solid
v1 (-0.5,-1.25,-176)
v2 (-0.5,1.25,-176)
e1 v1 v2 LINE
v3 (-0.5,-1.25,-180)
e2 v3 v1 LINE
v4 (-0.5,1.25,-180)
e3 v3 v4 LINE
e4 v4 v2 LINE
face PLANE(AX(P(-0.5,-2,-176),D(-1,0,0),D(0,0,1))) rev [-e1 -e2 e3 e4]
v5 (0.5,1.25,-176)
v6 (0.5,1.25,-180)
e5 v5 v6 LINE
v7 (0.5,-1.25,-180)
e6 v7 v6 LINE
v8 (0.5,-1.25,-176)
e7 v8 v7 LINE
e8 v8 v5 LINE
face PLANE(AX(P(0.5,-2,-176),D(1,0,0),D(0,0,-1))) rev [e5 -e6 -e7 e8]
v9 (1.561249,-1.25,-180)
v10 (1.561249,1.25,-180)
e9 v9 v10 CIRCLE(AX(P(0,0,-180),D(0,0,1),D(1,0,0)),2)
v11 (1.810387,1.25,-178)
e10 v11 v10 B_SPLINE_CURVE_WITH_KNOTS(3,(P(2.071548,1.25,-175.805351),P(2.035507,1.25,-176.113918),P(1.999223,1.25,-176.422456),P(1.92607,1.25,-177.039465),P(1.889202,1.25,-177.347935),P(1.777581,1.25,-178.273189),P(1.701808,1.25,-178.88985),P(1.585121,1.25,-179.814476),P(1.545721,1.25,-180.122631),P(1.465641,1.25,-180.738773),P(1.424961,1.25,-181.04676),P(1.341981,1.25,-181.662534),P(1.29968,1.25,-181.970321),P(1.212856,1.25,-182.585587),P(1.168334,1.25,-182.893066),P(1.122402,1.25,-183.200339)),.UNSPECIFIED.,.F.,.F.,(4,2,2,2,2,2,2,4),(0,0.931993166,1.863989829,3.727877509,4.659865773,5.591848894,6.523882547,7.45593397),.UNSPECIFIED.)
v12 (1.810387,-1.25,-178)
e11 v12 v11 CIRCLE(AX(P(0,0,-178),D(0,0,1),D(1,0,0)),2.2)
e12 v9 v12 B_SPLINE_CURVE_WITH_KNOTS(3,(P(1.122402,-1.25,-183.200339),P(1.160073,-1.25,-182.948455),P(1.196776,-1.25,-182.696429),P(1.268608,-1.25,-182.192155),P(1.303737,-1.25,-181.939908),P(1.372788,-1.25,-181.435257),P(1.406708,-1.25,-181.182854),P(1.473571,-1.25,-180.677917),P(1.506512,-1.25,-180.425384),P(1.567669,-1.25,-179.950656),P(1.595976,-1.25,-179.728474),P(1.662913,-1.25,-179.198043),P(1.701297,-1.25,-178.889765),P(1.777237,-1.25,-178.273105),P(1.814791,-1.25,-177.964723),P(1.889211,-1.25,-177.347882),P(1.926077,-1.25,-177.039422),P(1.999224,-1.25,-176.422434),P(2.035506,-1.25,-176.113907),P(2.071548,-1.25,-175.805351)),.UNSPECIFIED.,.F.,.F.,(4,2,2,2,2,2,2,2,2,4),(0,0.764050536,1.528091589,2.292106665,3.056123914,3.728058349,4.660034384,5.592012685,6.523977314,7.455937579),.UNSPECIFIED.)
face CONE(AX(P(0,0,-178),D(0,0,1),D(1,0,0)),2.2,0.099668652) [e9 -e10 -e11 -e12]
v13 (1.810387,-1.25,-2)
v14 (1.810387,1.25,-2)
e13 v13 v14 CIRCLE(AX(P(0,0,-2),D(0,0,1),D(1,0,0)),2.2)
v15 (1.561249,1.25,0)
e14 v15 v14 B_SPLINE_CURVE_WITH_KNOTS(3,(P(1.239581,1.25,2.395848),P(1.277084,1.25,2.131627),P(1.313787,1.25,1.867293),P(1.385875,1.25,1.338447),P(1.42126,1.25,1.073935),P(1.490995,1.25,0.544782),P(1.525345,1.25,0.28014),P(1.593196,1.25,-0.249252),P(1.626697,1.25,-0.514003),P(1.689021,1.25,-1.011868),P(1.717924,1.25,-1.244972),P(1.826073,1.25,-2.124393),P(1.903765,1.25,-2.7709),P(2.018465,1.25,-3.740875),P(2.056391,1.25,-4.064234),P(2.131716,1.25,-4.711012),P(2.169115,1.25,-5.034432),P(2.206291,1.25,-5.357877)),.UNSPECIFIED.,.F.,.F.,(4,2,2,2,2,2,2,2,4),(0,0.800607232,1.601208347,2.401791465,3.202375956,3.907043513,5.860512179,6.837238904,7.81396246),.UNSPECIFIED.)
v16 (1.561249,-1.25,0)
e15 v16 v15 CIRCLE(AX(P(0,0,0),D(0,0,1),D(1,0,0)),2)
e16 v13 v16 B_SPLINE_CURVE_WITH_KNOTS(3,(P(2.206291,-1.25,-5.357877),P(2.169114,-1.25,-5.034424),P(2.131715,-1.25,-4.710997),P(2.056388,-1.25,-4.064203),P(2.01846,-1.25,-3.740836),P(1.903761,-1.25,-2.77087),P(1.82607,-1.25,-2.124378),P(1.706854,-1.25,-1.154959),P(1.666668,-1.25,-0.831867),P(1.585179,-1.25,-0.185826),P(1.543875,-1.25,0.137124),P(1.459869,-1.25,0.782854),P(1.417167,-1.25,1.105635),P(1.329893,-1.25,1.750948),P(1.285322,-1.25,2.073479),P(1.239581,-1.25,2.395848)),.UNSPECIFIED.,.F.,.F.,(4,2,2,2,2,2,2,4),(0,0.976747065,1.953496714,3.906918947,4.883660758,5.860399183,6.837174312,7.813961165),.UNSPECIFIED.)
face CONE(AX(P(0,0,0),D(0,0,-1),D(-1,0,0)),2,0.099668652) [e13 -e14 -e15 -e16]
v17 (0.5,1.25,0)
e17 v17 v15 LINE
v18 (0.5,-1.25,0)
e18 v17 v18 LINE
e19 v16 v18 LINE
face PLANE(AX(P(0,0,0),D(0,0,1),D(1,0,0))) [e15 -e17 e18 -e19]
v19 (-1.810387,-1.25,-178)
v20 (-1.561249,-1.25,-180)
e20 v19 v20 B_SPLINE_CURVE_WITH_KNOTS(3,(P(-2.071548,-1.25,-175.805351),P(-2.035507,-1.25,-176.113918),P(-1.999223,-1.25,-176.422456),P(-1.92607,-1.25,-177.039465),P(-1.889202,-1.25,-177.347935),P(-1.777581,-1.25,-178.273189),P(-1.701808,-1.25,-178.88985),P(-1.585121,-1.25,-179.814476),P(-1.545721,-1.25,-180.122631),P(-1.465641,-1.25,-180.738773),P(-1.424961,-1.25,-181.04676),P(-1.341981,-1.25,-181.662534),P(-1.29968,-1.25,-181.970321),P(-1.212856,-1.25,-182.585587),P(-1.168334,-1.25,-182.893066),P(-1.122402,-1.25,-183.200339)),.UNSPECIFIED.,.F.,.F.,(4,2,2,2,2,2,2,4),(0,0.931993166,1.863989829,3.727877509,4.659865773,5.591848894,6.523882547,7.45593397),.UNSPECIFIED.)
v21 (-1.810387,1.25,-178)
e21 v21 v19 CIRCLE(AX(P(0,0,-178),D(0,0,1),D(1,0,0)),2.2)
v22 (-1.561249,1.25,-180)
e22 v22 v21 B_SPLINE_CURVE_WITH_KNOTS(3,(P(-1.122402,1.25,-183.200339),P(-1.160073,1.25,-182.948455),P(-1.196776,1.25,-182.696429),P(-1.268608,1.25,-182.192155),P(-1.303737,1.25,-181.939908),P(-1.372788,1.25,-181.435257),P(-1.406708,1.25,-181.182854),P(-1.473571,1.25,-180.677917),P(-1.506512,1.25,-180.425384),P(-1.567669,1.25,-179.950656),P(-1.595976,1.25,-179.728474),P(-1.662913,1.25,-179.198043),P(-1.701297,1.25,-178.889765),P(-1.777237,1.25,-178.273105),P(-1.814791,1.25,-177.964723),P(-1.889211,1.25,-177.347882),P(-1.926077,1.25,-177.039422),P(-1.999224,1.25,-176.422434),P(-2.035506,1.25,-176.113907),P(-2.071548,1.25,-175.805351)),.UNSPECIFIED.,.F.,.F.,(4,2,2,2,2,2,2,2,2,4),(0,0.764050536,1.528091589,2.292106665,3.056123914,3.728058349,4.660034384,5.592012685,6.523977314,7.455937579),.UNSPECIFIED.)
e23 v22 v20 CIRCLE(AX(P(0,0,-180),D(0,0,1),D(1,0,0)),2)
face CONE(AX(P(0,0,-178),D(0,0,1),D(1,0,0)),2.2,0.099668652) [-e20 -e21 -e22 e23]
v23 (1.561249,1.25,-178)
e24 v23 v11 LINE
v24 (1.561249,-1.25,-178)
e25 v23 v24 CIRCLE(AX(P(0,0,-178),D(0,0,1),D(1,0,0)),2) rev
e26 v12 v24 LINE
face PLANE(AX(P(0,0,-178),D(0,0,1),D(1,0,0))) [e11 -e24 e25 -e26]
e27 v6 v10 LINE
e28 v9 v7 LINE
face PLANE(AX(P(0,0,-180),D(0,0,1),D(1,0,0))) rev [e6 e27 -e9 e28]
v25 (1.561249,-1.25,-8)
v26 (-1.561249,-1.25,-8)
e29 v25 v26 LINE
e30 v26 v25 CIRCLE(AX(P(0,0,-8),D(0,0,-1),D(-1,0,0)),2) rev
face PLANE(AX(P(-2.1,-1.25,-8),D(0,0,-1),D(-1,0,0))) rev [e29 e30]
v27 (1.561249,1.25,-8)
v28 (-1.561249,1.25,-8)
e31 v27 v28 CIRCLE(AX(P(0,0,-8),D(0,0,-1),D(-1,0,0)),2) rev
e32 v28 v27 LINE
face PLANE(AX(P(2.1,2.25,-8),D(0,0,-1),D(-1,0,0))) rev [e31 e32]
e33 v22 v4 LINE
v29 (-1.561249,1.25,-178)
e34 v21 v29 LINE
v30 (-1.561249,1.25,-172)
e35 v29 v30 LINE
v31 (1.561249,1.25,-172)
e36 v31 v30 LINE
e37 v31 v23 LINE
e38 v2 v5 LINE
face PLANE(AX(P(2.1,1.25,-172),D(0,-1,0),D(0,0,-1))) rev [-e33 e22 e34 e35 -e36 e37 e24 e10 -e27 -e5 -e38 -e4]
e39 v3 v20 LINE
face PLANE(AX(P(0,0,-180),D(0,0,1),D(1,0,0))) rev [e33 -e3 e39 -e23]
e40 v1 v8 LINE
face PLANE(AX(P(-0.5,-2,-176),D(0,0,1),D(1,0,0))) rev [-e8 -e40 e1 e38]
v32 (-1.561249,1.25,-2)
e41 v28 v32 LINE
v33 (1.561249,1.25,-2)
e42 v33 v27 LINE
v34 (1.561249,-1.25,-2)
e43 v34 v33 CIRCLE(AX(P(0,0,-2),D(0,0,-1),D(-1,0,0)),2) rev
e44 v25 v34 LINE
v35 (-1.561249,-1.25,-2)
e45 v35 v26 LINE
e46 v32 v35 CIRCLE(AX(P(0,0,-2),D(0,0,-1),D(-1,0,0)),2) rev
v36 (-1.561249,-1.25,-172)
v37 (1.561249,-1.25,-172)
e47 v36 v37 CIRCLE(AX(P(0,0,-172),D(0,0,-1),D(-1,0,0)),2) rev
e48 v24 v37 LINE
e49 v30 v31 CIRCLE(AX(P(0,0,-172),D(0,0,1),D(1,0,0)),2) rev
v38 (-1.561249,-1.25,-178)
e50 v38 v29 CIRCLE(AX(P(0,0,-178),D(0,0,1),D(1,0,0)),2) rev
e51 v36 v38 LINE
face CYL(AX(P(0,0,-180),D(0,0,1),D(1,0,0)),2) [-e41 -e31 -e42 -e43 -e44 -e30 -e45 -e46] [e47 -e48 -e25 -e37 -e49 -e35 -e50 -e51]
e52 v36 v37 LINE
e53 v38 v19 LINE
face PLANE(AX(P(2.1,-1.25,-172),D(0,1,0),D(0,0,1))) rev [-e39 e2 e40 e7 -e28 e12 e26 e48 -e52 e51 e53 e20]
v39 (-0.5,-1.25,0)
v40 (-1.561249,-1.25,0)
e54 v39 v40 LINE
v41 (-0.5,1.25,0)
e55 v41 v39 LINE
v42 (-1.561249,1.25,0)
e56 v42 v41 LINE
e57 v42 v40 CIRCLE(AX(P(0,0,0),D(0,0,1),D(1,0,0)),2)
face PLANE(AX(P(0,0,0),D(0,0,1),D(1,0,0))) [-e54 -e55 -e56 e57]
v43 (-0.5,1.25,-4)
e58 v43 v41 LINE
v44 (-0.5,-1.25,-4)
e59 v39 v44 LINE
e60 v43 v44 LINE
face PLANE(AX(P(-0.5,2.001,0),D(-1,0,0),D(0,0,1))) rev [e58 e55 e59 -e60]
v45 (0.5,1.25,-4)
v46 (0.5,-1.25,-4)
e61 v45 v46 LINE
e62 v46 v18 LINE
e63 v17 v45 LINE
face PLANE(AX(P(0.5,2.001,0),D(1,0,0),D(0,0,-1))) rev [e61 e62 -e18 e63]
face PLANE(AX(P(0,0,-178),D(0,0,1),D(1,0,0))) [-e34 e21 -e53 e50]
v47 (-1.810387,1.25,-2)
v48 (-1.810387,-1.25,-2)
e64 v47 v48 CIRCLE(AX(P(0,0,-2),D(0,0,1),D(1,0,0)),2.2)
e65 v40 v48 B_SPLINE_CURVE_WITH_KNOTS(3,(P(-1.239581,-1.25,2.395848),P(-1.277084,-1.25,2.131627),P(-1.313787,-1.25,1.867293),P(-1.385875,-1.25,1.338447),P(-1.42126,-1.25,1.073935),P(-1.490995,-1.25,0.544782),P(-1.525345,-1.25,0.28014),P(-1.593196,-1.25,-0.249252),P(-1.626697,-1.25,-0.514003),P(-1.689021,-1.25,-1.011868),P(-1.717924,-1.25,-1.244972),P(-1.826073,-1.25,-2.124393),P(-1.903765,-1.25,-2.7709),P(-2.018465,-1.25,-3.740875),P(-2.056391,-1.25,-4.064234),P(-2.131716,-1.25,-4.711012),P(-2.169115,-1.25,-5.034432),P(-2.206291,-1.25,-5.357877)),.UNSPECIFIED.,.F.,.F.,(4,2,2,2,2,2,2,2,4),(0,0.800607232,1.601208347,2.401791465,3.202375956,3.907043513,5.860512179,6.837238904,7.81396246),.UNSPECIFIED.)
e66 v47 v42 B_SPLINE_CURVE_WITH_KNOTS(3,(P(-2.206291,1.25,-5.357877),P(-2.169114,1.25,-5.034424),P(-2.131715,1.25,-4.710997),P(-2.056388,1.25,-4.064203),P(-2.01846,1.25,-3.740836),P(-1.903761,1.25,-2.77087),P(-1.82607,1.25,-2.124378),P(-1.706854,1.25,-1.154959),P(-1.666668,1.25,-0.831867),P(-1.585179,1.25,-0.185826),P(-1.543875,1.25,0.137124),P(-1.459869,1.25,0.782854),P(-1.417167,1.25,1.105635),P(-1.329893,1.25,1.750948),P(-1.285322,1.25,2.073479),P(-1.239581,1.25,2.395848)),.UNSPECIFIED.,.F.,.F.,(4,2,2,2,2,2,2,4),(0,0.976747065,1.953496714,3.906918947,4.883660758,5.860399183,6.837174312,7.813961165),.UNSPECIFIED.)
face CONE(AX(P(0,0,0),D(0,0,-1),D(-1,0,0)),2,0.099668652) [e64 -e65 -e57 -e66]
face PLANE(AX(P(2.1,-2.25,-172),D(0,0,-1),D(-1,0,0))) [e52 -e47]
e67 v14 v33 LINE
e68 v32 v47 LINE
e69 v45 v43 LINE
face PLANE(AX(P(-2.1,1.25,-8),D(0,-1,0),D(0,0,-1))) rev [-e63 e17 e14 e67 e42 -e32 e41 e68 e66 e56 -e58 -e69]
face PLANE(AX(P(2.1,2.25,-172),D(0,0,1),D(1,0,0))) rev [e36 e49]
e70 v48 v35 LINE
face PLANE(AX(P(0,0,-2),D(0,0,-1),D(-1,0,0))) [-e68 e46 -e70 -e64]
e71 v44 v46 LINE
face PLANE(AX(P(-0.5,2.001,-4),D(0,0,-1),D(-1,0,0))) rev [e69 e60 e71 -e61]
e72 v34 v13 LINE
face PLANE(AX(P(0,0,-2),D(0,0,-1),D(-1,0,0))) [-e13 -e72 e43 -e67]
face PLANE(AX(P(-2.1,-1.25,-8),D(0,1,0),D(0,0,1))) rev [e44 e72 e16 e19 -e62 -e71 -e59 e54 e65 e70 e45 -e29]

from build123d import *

# Parameters (mm, degrees)
SKETCH_1_R          = 2
EXTRUDE_1_DEPTH     = 180
SKETCH_3_W          = 4.2
SKETCH_3_H          = 1
CUT_EXTRUDE_1_DEPTH = 8
CUT_EXTRUDE_2_REACH = 182.043
SKETCH_4_W          = 1
SKETCH_4_H          = 4
SKETCH_6_W          = 4.2
SKETCH_6_H          = 1
CUT_EXTRUDE_3_DEPTH = 8
SKETCH_7_W          = 1
SKETCH_7_H          = 4
CUT_EXTRUDE_4_DEPTH = 181.042779639


with BuildPart() as part:
    # 草图1 → 凸台-拉伸1 (new body)
    with BuildSketch(Plane.XY):
        Circle(SKETCH_1_R)
    extrude(amount=-EXTRUDE_1_DEPTH)

    # 草图2 → 旋转1 (revolve)
    with BuildSketch(Plane(origin=(0, 0, 0), x_dir=(1, 0, 0), z_dir=(0, 1, 0))):
        Polygon((0, 0), (0, 2), (2.2, 2), (2, 0), align=None)
    revolve(axis=Axis((0, 0, 0), (0, 0, -1)))

    # 草图3 → 切除-拉伸1 (cut)
    with BuildSketch(Plane.XY):
        with Locations((0, 1.75)):
            Rectangle(SKETCH_3_W, SKETCH_3_H)
        with Locations((0, -1.75)):
            Rectangle(SKETCH_3_W, SKETCH_3_H)
    extrude(amount=-CUT_EXTRUDE_1_DEPTH, mode=Mode.SUBTRACT)

    # 草图4 → 切除-拉伸2 (cut, up to next)
    with BuildSketch(Plane.XZ.offset(1.25), mode=Mode.PRIVATE) as cut_extrude_2_sk1:
        with Locations((0, -2)):
            Rectangle(SKETCH_4_W, SKETCH_4_H)
    cut_extrude_2_tool1 = extrude(cut_extrude_2_sk1.sketch, amount=-CUT_EXTRUDE_2_REACH, mode=Mode.PRIVATE) & part.part
    add(cut_extrude_2_tool1.solids().sort_by_distance((0, -1.25, -2))[0], mode=Mode.SUBTRACT)

    # 草图5 → 旋转2 (revolve)
    with BuildSketch(Plane(origin=(0, 0, 0), x_dir=(1, 0, 0), z_dir=(0, 1, 0))):
        Polygon((0, 180), (0, 178), (2.2, 178), (2, 180), align=None)
    revolve(axis=Axis((0, 0, -58.137689197), (0, 0, -1)))

    # 草图6 → 切除-拉伸3 (cut)
    with BuildSketch(Plane(origin=(0, 0, -180), x_dir=(-1, 0, 0), z_dir=(0, 0, -1))):
        with Locations((0, 1.75)):
            Rectangle(SKETCH_6_W, SKETCH_6_H)
        with Locations((0, -1.75)):
            Rectangle(SKETCH_6_W, SKETCH_6_H)
    extrude(amount=-CUT_EXTRUDE_3_DEPTH, mode=Mode.SUBTRACT)

    # 草图7 → 切除-拉伸4 (cut, through all)
    with BuildSketch(Plane(origin=(0, 1.25, 0), x_dir=(1, 0, 0), z_dir=(0, 1, 0))):
        with Locations((0, 178)):
            Rectangle(SKETCH_7_W, SKETCH_7_H)
    extrude(amount=-CUT_EXTRUDE_4_DEPTH, mode=Mode.SUBTRACT)


solid = part.part
